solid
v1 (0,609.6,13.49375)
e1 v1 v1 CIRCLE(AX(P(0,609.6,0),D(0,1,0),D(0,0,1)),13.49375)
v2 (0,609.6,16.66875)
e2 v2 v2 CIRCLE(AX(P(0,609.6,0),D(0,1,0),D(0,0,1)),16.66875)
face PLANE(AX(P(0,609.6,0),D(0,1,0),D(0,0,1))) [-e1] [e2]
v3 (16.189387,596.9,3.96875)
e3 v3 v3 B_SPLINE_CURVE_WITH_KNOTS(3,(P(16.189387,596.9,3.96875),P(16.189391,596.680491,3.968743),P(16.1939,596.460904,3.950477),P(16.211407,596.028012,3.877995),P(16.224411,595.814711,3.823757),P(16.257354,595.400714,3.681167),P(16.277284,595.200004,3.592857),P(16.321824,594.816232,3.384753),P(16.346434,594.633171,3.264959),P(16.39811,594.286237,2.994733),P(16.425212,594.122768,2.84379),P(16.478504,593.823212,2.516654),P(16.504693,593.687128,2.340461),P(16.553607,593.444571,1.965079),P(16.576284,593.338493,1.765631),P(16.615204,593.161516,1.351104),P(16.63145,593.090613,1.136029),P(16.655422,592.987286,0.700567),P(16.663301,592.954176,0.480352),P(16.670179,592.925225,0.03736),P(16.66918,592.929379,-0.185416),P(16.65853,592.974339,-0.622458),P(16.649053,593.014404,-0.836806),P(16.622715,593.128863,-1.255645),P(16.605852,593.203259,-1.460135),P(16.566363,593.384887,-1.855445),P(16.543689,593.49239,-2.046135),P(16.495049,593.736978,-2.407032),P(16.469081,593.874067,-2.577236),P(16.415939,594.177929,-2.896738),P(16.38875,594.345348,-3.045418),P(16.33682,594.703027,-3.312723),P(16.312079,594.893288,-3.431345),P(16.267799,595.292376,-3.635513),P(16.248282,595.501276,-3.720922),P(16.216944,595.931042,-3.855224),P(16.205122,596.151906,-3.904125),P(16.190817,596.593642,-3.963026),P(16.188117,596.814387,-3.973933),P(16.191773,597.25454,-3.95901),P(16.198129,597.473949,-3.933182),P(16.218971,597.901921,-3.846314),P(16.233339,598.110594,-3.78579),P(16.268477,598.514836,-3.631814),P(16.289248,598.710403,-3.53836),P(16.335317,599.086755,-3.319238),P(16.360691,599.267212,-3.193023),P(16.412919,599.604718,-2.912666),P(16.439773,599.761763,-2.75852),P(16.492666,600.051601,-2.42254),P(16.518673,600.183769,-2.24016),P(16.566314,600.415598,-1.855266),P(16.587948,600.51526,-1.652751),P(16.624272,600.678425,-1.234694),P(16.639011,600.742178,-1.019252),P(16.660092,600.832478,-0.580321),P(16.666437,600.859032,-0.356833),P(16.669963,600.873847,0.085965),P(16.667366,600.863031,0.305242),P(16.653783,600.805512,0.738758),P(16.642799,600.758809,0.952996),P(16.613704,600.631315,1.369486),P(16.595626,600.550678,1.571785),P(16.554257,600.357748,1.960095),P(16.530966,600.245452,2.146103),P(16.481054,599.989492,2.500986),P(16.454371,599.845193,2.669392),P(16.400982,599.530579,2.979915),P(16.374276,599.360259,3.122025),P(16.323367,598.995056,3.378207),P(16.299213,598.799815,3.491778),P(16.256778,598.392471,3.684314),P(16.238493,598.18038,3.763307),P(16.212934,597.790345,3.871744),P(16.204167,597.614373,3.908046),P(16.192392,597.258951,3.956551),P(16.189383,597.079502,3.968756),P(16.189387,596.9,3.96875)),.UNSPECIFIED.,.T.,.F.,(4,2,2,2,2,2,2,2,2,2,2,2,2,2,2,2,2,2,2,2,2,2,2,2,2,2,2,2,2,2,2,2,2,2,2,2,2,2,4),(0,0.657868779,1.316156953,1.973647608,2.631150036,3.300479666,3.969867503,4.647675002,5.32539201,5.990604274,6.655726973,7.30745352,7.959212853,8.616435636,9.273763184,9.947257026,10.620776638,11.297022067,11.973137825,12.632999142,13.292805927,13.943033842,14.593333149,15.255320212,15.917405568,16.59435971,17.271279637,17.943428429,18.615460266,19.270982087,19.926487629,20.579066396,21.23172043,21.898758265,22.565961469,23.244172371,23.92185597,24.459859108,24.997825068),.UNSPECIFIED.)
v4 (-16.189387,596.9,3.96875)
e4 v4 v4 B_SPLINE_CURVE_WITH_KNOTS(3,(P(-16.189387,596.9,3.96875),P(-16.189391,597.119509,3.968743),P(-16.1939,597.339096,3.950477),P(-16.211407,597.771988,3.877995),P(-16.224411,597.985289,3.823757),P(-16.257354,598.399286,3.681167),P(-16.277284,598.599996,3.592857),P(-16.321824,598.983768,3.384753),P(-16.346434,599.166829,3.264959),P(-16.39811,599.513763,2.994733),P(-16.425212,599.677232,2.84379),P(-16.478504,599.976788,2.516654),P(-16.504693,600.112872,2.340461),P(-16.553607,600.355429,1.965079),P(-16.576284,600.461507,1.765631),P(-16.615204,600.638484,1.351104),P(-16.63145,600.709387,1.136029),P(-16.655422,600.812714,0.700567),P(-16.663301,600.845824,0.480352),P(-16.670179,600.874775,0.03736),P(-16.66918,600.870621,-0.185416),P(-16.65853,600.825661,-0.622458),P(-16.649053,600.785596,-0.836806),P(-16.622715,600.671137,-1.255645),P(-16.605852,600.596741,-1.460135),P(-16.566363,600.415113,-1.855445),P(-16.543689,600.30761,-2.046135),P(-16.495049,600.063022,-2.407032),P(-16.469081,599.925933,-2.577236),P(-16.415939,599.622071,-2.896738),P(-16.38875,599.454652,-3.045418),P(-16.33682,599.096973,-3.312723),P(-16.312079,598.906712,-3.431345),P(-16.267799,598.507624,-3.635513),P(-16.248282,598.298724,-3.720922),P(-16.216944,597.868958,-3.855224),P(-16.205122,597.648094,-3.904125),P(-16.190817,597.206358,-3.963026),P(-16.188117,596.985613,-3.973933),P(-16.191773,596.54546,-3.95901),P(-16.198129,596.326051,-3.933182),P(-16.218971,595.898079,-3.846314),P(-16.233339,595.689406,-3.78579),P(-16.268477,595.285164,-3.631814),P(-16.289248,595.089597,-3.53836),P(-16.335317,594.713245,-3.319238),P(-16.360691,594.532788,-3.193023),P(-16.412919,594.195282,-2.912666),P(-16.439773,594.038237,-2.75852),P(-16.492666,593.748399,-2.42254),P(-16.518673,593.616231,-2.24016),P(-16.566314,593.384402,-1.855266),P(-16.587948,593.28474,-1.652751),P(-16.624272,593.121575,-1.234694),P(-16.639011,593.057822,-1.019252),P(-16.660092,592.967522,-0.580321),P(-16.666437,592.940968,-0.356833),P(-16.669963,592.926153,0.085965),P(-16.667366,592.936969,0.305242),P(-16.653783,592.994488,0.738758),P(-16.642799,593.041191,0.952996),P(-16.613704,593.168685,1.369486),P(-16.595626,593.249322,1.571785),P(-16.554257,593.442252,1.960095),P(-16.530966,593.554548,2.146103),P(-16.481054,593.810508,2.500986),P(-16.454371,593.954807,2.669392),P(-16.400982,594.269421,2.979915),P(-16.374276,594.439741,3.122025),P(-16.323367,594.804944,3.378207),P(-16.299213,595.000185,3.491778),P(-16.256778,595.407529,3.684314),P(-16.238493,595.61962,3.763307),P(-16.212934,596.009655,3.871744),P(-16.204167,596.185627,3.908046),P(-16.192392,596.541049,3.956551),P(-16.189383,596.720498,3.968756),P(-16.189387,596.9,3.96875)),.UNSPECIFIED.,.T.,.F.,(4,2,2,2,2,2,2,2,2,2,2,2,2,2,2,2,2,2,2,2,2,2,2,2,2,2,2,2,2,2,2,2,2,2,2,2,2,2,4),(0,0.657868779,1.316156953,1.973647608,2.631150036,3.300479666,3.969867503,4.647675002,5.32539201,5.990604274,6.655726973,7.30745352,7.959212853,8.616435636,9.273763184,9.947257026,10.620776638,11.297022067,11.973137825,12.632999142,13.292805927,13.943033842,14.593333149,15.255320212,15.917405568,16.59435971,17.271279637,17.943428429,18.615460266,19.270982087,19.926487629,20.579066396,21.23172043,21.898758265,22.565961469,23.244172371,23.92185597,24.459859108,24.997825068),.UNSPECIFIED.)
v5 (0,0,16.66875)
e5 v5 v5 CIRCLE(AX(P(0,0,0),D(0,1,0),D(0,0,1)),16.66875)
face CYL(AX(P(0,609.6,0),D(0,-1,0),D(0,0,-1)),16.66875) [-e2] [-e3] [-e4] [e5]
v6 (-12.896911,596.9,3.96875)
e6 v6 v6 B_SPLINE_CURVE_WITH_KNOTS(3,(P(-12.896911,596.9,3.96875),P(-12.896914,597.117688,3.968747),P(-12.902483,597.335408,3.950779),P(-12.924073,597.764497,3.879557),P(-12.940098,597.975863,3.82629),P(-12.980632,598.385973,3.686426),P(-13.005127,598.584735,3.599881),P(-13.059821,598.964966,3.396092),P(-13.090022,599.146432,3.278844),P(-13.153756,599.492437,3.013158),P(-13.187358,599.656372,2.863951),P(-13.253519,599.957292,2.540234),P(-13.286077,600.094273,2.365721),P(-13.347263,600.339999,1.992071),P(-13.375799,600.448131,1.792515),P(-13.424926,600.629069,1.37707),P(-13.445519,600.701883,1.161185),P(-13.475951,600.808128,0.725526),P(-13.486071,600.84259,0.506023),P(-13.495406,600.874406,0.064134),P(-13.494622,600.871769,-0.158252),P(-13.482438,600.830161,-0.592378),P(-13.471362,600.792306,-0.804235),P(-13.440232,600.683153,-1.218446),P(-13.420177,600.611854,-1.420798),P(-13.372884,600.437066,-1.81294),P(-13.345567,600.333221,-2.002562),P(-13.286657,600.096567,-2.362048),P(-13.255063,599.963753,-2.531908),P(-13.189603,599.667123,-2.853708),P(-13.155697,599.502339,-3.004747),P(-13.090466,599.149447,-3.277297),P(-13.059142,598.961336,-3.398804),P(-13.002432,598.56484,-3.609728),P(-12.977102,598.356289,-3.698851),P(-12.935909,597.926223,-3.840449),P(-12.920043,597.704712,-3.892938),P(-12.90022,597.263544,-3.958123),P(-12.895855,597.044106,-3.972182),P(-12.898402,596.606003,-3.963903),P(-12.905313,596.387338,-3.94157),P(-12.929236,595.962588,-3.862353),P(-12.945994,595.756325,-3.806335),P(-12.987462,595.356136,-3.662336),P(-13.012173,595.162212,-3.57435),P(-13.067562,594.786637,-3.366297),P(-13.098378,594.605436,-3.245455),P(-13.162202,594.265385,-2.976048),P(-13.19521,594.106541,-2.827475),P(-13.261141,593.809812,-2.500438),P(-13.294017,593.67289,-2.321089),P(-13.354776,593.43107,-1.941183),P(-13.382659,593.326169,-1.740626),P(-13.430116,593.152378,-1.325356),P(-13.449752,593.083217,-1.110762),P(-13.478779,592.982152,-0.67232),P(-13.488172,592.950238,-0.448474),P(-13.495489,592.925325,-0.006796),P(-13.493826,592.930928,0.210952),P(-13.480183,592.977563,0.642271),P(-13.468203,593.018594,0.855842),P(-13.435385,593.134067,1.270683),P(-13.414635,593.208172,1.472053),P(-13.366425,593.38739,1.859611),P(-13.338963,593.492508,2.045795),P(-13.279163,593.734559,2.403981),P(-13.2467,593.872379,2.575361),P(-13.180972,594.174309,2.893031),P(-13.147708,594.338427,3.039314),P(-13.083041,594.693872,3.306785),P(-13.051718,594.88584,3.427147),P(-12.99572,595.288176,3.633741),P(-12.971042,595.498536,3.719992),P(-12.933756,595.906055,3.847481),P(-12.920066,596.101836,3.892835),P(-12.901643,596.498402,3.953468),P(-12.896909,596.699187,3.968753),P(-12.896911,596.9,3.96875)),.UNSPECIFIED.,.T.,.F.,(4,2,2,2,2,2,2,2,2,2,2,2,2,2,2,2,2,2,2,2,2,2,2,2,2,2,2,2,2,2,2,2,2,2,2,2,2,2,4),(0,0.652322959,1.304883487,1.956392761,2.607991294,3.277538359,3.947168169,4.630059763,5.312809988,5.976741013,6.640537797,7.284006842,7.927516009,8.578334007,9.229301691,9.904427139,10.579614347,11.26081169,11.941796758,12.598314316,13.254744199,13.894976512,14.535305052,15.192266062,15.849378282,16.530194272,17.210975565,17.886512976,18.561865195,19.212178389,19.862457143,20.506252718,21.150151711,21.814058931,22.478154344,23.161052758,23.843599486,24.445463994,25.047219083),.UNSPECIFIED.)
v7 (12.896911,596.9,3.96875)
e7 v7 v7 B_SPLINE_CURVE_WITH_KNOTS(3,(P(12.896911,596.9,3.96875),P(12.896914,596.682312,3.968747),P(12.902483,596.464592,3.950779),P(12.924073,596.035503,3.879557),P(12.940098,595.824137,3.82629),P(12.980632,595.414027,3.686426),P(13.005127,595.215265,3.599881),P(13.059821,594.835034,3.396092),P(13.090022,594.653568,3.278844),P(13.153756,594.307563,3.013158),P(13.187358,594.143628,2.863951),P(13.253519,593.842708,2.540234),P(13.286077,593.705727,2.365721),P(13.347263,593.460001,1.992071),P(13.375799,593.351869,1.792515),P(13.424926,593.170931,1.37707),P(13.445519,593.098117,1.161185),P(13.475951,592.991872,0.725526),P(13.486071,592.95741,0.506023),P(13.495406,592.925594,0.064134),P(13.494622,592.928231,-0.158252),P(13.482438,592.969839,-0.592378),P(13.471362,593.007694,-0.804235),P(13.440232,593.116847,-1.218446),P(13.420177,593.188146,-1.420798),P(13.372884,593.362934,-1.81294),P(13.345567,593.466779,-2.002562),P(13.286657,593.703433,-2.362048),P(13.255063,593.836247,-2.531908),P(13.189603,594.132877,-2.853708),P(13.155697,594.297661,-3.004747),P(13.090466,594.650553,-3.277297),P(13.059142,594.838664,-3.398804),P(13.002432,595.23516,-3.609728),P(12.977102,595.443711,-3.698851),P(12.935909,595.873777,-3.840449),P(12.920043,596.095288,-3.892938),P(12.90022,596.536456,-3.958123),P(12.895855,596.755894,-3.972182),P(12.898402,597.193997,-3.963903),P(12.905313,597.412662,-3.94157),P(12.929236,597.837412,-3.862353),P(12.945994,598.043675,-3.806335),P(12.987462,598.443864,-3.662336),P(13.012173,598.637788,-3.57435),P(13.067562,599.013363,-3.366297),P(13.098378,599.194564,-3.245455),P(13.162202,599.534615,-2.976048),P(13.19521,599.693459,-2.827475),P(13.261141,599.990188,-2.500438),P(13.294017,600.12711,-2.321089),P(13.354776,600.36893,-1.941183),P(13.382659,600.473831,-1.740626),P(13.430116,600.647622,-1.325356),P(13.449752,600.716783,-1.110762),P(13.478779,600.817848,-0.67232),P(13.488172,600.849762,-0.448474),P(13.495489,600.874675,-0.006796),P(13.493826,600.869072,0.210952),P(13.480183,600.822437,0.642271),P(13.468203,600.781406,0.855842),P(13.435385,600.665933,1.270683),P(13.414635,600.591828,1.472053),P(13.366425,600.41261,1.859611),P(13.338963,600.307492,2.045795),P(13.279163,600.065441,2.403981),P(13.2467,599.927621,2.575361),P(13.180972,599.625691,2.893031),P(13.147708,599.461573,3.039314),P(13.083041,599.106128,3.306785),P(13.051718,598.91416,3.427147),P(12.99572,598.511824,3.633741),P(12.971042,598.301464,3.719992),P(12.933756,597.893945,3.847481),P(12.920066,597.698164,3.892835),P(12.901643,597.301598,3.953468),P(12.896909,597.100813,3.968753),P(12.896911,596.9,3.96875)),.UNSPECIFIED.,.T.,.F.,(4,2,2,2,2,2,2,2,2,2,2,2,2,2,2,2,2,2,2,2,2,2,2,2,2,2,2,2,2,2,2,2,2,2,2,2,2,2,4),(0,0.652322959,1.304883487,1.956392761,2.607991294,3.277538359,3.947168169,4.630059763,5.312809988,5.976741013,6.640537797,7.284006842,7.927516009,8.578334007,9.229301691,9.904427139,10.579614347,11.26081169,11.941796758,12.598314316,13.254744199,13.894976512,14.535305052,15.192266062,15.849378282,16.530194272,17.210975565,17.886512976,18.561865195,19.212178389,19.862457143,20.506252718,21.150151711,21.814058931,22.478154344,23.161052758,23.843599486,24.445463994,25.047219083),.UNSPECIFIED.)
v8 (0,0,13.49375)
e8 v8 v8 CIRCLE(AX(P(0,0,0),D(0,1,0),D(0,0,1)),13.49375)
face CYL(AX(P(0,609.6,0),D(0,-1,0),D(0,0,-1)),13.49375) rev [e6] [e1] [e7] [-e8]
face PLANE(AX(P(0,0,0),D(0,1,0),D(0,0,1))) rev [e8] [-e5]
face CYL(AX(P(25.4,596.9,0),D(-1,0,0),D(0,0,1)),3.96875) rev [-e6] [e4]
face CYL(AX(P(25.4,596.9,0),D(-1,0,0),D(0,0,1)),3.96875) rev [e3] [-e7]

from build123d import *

# Parameters (mm, degrees)
SKETCH1_R               = 16.66875
SKETCH1_R_2             = 13.49375
BOSS_EXTRUDE1_DEPTH     = 609.6
CUT_EXTRUDE1_DEPTH      = 25.4
CUT_EXTRUDE1_DEPTH_BACK = 25.4
SKETCH2_R               = 3.96875


with BuildPart() as part:
    # Sketch1 → Boss-Extrude1 (new body)
    with BuildSketch(Plane(origin=(0, 0, 0), x_dir=(1, 0, 0), z_dir=(0, 1, 0))):
        Circle(SKETCH1_R)
        Circle(SKETCH1_R_2, mode=Mode.SUBTRACT)
    extrude(amount=BOSS_EXTRUDE1_DEPTH)

    # Sketch2 → Cut-Extrude1 (cut, two sides: drawn at the far end of the back side and taken through both)
    with BuildSketch(Plane(origin=(0, 0, 0), x_dir=(0, 0, -1), z_dir=(1, 0, 0)).offset(-CUT_EXTRUDE1_DEPTH_BACK)):
        with Locations((0, 596.9)):
            Circle(SKETCH2_R)
    extrude(amount=CUT_EXTRUDE1_DEPTH + CUT_EXTRUDE1_DEPTH_BACK, mode=Mode.SUBTRACT)


solid = part.part
